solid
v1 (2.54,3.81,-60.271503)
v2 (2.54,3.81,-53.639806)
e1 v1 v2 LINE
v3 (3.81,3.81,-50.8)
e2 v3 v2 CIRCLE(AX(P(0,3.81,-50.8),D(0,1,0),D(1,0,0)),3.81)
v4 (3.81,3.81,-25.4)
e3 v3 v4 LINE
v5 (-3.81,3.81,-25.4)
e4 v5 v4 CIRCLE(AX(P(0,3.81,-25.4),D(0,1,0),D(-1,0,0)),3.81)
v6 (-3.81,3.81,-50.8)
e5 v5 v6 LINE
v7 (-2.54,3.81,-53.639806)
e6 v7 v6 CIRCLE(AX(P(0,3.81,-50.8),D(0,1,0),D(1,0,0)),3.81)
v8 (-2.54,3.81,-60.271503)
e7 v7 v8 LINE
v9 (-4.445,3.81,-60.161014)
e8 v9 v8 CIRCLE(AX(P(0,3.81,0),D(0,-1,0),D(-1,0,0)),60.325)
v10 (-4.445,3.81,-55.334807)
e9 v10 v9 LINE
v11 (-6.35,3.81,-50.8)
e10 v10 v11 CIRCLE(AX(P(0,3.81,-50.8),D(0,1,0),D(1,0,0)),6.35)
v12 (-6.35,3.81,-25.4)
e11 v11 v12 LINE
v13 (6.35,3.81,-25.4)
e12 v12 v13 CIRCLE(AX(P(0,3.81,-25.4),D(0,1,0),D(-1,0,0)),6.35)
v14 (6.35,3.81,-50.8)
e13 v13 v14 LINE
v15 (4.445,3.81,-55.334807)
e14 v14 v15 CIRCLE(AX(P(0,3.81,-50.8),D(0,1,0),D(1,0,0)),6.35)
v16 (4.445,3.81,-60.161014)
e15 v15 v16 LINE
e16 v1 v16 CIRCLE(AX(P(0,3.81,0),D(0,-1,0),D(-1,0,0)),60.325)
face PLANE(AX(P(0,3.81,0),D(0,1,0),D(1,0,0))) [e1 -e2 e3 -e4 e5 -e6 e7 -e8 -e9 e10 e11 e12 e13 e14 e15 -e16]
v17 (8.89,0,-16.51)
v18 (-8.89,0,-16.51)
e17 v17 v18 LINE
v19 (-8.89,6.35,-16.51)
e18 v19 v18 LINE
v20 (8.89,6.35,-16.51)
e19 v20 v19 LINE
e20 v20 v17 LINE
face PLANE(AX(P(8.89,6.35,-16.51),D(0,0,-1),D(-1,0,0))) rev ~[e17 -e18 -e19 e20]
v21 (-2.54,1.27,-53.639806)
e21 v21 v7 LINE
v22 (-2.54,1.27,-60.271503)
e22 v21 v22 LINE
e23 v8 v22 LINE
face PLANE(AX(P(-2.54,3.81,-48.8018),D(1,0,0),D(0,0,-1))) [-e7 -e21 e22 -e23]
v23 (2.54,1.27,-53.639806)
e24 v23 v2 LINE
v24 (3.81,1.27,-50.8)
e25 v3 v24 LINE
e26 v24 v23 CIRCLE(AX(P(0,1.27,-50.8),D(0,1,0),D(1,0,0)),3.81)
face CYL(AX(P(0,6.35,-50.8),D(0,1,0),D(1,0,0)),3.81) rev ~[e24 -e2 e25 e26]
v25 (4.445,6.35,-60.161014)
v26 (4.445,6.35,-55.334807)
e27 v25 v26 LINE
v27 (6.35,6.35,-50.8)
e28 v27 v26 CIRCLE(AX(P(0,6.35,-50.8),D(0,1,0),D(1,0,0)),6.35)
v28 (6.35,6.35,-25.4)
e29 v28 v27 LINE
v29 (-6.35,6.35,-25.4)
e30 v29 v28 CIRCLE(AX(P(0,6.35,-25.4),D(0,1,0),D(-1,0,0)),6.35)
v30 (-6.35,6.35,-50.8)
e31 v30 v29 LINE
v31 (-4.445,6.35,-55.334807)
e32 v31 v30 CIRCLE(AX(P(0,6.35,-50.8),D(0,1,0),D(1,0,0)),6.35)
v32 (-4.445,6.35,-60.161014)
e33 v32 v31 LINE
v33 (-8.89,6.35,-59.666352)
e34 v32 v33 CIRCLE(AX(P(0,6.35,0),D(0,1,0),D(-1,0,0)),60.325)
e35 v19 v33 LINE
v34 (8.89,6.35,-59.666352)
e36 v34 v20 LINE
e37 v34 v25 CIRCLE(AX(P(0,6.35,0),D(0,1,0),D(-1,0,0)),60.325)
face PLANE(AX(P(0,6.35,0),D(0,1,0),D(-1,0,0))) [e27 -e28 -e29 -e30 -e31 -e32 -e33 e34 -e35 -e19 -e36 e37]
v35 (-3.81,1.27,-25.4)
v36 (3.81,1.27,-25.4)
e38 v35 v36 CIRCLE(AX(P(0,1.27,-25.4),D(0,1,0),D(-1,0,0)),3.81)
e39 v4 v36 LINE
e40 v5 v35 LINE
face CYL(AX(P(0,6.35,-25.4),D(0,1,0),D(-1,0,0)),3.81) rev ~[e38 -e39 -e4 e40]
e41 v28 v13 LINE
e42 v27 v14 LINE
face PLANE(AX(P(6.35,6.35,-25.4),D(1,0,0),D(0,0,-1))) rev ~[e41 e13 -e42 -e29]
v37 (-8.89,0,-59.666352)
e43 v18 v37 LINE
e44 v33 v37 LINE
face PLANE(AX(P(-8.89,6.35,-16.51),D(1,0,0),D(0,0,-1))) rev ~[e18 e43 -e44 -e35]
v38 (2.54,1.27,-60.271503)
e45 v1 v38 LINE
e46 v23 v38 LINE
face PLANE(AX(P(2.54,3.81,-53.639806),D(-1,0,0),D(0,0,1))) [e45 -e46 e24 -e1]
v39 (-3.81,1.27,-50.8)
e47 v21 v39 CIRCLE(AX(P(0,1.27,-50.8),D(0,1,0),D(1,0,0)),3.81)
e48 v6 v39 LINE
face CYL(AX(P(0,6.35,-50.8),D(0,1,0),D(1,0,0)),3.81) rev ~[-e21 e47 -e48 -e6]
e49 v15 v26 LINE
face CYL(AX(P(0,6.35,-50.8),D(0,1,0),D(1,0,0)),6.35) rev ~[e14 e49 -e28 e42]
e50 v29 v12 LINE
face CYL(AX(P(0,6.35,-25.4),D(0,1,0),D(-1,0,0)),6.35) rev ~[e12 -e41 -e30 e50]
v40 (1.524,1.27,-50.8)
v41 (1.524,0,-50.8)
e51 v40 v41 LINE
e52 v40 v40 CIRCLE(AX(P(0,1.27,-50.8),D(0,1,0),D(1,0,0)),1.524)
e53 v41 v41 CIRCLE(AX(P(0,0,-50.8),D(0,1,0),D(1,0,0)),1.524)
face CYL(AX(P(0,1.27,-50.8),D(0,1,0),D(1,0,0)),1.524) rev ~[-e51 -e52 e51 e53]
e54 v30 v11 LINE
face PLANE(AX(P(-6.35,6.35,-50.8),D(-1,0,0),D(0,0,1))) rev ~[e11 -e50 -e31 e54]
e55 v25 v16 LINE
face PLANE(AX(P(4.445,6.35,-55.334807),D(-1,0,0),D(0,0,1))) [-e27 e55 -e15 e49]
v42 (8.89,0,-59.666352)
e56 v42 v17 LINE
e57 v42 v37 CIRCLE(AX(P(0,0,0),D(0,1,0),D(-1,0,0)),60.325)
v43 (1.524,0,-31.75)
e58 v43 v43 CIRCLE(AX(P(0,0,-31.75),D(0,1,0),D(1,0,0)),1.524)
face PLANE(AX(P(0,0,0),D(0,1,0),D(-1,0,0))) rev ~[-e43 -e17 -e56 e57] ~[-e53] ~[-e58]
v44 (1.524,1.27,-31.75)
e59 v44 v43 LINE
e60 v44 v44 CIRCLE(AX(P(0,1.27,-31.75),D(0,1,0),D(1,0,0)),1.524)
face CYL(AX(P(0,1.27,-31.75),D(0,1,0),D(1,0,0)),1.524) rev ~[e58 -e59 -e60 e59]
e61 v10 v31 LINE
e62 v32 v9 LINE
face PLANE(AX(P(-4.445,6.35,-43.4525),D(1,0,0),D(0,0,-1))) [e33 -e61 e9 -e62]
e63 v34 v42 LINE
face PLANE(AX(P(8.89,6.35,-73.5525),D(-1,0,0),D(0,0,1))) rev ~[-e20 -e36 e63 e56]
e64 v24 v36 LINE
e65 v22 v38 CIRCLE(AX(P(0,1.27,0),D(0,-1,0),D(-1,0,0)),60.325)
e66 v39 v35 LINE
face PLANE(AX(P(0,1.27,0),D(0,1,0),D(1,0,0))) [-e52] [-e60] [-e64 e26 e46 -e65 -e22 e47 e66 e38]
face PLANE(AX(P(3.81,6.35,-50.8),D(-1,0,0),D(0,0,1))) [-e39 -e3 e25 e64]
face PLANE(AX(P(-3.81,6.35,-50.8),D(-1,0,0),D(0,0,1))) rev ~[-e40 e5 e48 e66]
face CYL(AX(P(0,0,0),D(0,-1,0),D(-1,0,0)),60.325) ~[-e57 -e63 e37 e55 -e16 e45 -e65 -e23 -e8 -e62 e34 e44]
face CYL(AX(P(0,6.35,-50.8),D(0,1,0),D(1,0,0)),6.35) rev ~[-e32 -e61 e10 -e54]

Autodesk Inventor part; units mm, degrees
ref_plane "YZ Plane" through (0, 0, 0) normal (1, 0, 0) x (0, 1, 0)
ref_plane "XZ Plane" through (0, 0, 0) normal (0, 1, 0) x (-1, 0, 0)
sketch "Sketch1" plane through (0, 0, 0) normal (0, 1, 0) x (-1, 0, 0)
  circle A0 centre (0, 0) radius 60.325
  dimension "d0" = 120.65
extrude "Extrusion1" add sketch "Sketch1" along normal blind 6.35
sketch "Sketch2" plane through (0, 6.35, 0) normal (0, 1, 0) x (1, 0, 0)
  circle A0 centre (0, 0) radius 60.325 projected
  arc A1 (3.81, 50.8) -> (-3.81, 50.8) centre (0, 50.8) ccw
  arc A2 (-3.81, 25.4) -> (3.81, 25.4) centre (0, 25.4) ccw
  line L0 (-3.81, 50.8) -> (-3.81, 25.4)
  line L1 (3.81, 50.8) -> (3.81, 25.4)
  dimension "d3" = 25.4
  dimension "d4" = 7.62
  dimension "d5" = 50.8
extrude "Extrusion2" cut sketch "Sketch2" against normal blind 5.08 contours L1 A2 L0 A1
sketch "Sketch3" plane through (0, 6.35, 0) normal (0, 1, 0) x (1, 0, 0)
  line L0 (-3.81, 25.4) -> (-3.81, 50.8) projected
  arc A0 (3.81, 50.8) -> (-3.81, 50.8) centre (0, 50.8) ccw projected
  line L1 (3.81, 50.8) -> (3.81, 25.4) projected
  arc A1 (-3.81, 25.4) -> (3.81, 25.4) centre (0, 25.4) ccw projected
  line L2 (6.35, 25.4) -> (6.35, 50.8)
  arc A2 (6.35, 50.8) -> (-6.35, 50.8) centre (0, 50.8) ccw
  line L3 (-6.35, 50.8) -> (-6.35, 25.4)
  arc A3 (-6.35, 25.4) -> (6.35, 25.4) centre (0, 25.4) ccw
  dimension "d8" = 2.54
extrude "Extrusion3" cut sketch "Sketch3" against normal blind 2.54
sketch "Sketch4" plane through (0, 3.81, 0) normal (0, 1, 0) x (1, 0, 0)
  arc A0 (3.81, 50.8) -> (-3.81, 50.8) centre (0, 50.8) ccw projected
  line L0 (-2.54, 67.2746) -> (2.54, 67.2746)
  line L1 (2.54, 67.2746) -> (2.54, 48.8018)
  line L2 (2.54, 48.8018) -> (-2.54, 48.8018)
  line L3 (-2.54, 48.8018) -> (-2.54, 67.2746)
  point P0 (0, 0)
  point P1 (0, 48.8018)
  dimension "d11" = 5.08
extrude "Extrusion4" cut sketch "Sketch4" against normal blind 2.54
sketch "Sketch5" plane through (0, 6.35, 0) normal (0, 1, 0) x (1, 0, 0)
  arc A0 (6.35, 50.8) -> (-6.35, 50.8) centre (0, 50.8) ccw projected
  line L0 (4.445, 43.4525) -> (-4.445, 43.4525)
  line L1 (-4.445, 43.4525) -> (-4.445, 150.3399)
  line L2 (-4.445, 150.3399) -> (4.445, 150.3399)
  line L3 (4.445, 150.3399) -> (4.445, 43.4525)
  point P0 (0, 43.4525)
  dimension "d14" = 8.89
extrude "Extrusion5" cut sketch "Sketch5" against normal blind 2.54
sketch "Sketch6" plane through (0, 1.27, 0) normal (0, 1, 0) x (1, 0, 0)
  arc A0 (-2.54, 53.6398) -> (-3.81, 50.8) centre (0, 50.8) ccw projected
  arc A1 (-3.81, 25.4) -> (3.81, 25.4) centre (0, 25.4) ccw projected
  circle A2 centre (0, 50.8) radius 1.524
  circle A3 centre (0, 31.75) radius 1.524
  dimension "d17" = 6.35
  dimension "d18" = 19.05
  dimension "d19" = 3.048
extrude "Extrusion6" cut sketch "Sketch6" against normal through all
sketch "Sketch8" plane through (0, 6.35, 0) normal (0, 1, 0) x (1, 0, 0)
  arc A0 (6.35, 50.8) -> (4.445, 55.3348) centre (0, 50.8) ccw projected
  circle A1 centre (25.4, 38.1) radius 6.35
  dimension "d25" = 12.7
  dimension "d26" = 25.4
  dimension "d27" = 12.7
extrude "Extrusion8" cut sketch "Sketch8" against normal through all
ref_plane "Work Plane1" through (0, 25.4, 25.4) normal (0, 1, 0) x (1, 0, 0)
sketch "Sketch11" plane through (0, 25.4, 25.4) normal (0, 1, 0) x (1, 0, 0)
  circle A0 centre (0, 0) radius 6.35 projected
  circle A1 centre (0, 0) radius 1.7145
  point P0 (0, 25.4)
  dimension "d41" = 3.429
extrude "Extrusion11" cut sketch "Sketch11" against normal through all contours A1
pattern_circular "Circular Pattern2" count 3 over 360 about axis through (0, 0, 0) along (0, 1, 0) of "Extrusion2", "Extrusion3", "Extrusion4", "Extrusion5", "Extrusion6", "Extrusion8", "Extrusion11"
sketch "Sketch12" plane through (0, 6.35, 0) normal (0, 1, 0) x (1, 0, 0)
  line L0 (6.35, 50.8) -> (6.35, 25.4) projected
  arc A0 (-6.35, 25.4) -> (6.35, 25.4) centre (0, 25.4) ccw projected
  line L1 (-6.35, 25.4) -> (-6.35, 50.8) projected
  line L2 (8.89, 16.51) -> (-8.89, 16.51)
  line L3 (-8.89, 16.51) -> (-8.89, 73.5525)
  line L4 (-8.89, 73.5525) -> (8.89, 73.5525)
  line L5 (8.89, 73.5525) -> (8.89, 16.51)
  dimension "d47" = 2.54
  dimension "d48" = 2.54
  dimension "d49" = 2.54
extrude "Extrusion12" cut sketch "Sketch12" against normal through all keep common part
properties part number "Attachment Point - Female"
